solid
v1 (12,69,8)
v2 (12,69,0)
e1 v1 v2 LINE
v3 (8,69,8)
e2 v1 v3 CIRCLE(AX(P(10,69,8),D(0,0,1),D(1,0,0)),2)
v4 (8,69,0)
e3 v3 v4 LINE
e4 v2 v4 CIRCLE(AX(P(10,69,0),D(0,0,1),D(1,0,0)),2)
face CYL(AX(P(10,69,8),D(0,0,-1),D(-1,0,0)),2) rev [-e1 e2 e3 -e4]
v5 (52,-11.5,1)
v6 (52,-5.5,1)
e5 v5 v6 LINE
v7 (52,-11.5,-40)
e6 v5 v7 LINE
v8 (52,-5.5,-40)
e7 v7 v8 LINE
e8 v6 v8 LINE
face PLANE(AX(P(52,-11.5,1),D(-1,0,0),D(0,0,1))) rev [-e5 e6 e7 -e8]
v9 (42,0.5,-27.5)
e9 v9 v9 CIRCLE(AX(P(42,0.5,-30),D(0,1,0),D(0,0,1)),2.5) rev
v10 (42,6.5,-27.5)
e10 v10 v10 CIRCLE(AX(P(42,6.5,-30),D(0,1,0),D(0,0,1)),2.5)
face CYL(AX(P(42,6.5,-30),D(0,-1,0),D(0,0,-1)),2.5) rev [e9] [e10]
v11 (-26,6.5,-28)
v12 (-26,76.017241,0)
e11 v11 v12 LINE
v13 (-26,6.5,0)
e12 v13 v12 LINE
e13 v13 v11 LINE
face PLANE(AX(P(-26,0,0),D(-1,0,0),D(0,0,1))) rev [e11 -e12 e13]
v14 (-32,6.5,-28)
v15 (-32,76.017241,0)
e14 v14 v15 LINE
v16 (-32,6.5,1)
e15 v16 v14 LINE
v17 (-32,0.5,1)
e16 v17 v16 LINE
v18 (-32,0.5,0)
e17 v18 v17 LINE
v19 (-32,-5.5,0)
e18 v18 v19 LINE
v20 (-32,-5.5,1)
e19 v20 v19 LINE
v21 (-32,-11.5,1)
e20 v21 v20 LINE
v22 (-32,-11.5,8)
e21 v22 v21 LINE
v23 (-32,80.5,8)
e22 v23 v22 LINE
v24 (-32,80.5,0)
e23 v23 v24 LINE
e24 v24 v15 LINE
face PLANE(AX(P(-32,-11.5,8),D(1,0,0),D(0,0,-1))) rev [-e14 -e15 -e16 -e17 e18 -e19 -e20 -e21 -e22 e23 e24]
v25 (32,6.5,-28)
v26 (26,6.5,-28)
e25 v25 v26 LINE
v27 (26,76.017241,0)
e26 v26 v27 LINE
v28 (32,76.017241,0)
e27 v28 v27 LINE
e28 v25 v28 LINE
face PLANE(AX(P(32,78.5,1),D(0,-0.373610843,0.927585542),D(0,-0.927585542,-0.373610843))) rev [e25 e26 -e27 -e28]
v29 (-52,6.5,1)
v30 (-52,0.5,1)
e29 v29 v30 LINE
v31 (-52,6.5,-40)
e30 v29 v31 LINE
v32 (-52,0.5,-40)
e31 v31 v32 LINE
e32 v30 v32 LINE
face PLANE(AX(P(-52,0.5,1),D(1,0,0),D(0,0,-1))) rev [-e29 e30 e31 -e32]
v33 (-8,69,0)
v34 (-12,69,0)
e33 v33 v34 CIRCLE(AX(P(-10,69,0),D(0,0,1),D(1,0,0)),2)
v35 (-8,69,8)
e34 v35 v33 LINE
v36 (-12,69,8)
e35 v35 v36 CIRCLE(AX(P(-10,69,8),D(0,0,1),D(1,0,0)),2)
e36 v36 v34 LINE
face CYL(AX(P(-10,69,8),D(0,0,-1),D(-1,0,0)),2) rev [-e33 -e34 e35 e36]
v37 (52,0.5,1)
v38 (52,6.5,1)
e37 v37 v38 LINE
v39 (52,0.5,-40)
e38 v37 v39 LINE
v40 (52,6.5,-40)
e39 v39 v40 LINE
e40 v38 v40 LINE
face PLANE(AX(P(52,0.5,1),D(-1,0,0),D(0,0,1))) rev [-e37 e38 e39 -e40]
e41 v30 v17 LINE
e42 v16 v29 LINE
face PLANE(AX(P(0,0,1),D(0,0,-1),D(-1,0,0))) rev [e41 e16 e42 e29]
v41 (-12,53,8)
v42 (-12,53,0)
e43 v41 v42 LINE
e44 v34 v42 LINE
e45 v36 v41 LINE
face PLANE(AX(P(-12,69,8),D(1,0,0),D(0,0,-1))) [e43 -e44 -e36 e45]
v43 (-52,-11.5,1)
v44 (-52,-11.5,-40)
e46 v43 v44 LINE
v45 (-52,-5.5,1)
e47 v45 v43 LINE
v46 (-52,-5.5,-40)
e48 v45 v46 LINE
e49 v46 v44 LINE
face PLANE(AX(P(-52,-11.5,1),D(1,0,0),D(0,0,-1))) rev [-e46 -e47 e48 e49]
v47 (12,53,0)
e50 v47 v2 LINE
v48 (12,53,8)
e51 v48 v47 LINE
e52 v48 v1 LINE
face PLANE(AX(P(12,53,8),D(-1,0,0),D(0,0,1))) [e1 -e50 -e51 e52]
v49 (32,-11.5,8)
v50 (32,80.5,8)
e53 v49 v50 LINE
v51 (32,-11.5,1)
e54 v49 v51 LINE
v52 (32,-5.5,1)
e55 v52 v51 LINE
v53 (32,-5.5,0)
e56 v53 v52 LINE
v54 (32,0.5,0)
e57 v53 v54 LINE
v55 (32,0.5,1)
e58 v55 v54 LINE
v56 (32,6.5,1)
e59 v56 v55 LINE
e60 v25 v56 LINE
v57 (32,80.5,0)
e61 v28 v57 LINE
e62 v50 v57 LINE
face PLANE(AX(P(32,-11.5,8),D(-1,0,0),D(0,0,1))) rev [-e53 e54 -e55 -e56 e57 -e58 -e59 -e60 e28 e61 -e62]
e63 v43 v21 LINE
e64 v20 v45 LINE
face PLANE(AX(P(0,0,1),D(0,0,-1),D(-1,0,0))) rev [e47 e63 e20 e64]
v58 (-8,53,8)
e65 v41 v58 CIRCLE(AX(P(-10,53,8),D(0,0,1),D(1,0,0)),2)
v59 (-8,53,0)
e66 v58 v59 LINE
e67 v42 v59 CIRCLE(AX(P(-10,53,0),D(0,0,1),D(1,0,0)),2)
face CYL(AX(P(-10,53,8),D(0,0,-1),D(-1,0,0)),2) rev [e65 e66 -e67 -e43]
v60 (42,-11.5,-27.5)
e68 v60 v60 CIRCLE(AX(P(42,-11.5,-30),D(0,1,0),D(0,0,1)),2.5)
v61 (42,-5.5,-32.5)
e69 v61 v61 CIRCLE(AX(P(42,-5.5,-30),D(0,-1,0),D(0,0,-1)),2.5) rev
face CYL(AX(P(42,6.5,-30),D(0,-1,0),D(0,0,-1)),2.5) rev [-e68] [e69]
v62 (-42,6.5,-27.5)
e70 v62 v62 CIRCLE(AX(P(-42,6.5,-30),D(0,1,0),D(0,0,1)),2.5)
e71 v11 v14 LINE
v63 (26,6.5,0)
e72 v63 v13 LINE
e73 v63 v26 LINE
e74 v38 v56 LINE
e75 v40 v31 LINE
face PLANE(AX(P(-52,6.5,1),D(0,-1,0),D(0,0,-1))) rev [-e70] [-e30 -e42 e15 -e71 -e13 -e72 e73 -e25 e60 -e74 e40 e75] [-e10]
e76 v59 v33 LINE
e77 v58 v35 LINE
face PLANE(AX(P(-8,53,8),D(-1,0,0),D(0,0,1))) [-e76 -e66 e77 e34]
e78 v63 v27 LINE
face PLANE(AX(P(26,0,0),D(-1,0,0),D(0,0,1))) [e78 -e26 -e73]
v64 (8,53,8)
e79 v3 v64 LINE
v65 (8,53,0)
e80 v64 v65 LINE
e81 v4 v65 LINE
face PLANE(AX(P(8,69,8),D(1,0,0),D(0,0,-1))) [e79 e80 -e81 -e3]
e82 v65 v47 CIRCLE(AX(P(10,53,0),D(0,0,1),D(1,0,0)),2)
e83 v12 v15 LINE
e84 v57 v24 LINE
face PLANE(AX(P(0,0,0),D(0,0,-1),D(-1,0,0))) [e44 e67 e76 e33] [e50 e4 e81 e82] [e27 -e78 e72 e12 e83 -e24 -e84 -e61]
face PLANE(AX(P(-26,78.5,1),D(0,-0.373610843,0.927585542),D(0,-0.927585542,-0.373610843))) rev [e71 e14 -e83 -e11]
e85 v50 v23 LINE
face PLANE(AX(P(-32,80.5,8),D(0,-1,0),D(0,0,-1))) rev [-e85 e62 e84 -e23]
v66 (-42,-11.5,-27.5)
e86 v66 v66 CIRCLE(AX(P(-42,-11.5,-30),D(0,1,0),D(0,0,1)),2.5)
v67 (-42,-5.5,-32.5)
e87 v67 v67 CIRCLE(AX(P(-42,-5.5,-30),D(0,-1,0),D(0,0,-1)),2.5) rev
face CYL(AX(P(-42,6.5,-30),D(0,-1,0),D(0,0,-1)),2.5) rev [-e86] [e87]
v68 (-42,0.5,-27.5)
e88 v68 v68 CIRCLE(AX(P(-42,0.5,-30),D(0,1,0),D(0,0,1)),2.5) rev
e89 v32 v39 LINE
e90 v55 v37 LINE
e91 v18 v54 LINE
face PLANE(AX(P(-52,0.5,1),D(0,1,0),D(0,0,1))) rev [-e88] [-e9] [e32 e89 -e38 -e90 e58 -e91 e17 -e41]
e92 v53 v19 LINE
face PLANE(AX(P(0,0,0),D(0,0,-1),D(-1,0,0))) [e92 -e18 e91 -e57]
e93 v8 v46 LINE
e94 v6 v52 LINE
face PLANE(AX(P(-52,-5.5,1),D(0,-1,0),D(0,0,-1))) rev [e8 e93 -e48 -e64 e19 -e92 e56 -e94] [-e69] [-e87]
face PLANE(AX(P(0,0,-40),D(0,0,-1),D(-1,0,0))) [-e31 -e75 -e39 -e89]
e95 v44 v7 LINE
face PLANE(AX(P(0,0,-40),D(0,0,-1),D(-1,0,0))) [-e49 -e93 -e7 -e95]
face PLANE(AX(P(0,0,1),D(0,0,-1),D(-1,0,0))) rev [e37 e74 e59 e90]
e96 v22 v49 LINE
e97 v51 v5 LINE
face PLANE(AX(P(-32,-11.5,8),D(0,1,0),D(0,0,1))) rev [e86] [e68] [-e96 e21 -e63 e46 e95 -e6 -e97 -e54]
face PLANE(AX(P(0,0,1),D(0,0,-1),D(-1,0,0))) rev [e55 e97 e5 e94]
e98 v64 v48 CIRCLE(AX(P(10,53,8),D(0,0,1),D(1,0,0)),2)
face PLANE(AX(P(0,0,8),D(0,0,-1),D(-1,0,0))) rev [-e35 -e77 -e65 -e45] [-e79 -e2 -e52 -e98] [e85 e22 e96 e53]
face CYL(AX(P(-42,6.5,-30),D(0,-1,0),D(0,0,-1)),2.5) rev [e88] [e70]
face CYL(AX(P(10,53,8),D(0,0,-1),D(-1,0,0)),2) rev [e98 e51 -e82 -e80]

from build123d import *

# Parameters (mm, degrees)
SKETCH_1_W             = 64
SKETCH_1_H             = 92
EXTRUDE_348_DEPTH      = 8
EXTRUDE_START          = -40
SKETCH_2_W             = 104
SKETCH_2_H             = 6
EXTRUDE_C_6_DEPTH      = 41
SKETCH_3_W             = 104
SKETCH_3_H             = 6
EXTRUDE_C_6_2_DEPTH    = 41
EXTRUDE_START_2        = -32
EXTRUDE_798_DEPTH      = 6
EXTRUDE_START_3        = 26
EXTRUDE_5_DEPTH        = 6
CUT_EXTRUDE_8_DEPTH    = 8
CUT_EXTRUDE_START      = -11.5
SKETCH_7_R             = 2.5
CUT_EXTRUDE_1237_DEPTH = 18


with BuildPart() as part:
    # 草图1 → Extrude 348 (new body)
    with BuildSketch(Plane.XY):
        with Locations((0, 34.5)):
            Rectangle(SKETCH_1_W, SKETCH_1_H)
    extrude(amount=EXTRUDE_348_DEPTH)

    # 草图2 → Extrude C_6 (add)
    with BuildSketch(Plane.XY.offset(EXTRUDE_START)):
        with Locations((0, -8.5)):
            Rectangle(SKETCH_2_W, SKETCH_2_H)
    extrude(amount=EXTRUDE_C_6_DEPTH)

    # 草图3 → Extrude C_6 2 (add)
    with BuildSketch(Plane.XY.offset(EXTRUDE_START)):
        with Locations((0, 3.5)):
            Rectangle(SKETCH_3_W, SKETCH_3_H)
    extrude(amount=EXTRUDE_C_6_2_DEPTH)

    # 草图4 → Extrude 798 (add)
    with BuildSketch(Plane(origin=(0, 0, 0), x_dir=(0, 0, -1), z_dir=(1, 0, 0)).offset(EXTRUDE_START_2)):
        Polygon((28, 6.5), (-1, 6.5), (-1, 78.5), align=None)
    extrude(amount=EXTRUDE_798_DEPTH)

    # 草图5 → 凸台-拉伸5 (add)
    with BuildSketch(Plane(origin=(0, 0, 0), x_dir=(0, 0, -1), z_dir=(1, 0, 0)).offset(EXTRUDE_START_3)):
        Polygon((28, 6.5), (-1, 6.5), (-1, 78.5), align=None)
    extrude(amount=EXTRUDE_5_DEPTH)

    # 草图6 → 上下可调槽_中心行程正负8 (cut)
    with BuildSketch(Plane.XY):
        with BuildLine():
            Line((-8, 53), (-8, 69))
            ThreePointArc((-8, 69), (-10, 71), (-12, 69))
            Line((-12, 69), (-12, 53))
            ThreePointArc((-12, 53), (-10, 51), (-8, 53))
        make_face()
        with BuildLine():
            Line((12, 53), (12, 69))
            ThreePointArc((12, 69), (10, 71), (8, 69))
            Line((8, 69), (8, 53))
            ThreePointArc((8, 53), (10, 51), (12, 53))
        make_face()
    extrude(amount=CUT_EXTRUDE_8_DEPTH, mode=Mode.SUBTRACT)

    # 草图7 → Cut-Extrude 1237 (cut)
    with BuildSketch(Plane(origin=(0, 0, 0), x_dir=(1, 0, 0), z_dir=(0, 1, 0)).offset(CUT_EXTRUDE_START)):
        with Locations(Location((-42, 30, 0), (0, 0, 270))):
            Circle(SKETCH_7_R)
        with Locations(Location((42, 30, 0), (0, 0, 270))):
            Circle(SKETCH_7_R)
    extrude(amount=CUT_EXTRUDE_1237_DEPTH, mode=Mode.SUBTRACT)


solid = part.part
